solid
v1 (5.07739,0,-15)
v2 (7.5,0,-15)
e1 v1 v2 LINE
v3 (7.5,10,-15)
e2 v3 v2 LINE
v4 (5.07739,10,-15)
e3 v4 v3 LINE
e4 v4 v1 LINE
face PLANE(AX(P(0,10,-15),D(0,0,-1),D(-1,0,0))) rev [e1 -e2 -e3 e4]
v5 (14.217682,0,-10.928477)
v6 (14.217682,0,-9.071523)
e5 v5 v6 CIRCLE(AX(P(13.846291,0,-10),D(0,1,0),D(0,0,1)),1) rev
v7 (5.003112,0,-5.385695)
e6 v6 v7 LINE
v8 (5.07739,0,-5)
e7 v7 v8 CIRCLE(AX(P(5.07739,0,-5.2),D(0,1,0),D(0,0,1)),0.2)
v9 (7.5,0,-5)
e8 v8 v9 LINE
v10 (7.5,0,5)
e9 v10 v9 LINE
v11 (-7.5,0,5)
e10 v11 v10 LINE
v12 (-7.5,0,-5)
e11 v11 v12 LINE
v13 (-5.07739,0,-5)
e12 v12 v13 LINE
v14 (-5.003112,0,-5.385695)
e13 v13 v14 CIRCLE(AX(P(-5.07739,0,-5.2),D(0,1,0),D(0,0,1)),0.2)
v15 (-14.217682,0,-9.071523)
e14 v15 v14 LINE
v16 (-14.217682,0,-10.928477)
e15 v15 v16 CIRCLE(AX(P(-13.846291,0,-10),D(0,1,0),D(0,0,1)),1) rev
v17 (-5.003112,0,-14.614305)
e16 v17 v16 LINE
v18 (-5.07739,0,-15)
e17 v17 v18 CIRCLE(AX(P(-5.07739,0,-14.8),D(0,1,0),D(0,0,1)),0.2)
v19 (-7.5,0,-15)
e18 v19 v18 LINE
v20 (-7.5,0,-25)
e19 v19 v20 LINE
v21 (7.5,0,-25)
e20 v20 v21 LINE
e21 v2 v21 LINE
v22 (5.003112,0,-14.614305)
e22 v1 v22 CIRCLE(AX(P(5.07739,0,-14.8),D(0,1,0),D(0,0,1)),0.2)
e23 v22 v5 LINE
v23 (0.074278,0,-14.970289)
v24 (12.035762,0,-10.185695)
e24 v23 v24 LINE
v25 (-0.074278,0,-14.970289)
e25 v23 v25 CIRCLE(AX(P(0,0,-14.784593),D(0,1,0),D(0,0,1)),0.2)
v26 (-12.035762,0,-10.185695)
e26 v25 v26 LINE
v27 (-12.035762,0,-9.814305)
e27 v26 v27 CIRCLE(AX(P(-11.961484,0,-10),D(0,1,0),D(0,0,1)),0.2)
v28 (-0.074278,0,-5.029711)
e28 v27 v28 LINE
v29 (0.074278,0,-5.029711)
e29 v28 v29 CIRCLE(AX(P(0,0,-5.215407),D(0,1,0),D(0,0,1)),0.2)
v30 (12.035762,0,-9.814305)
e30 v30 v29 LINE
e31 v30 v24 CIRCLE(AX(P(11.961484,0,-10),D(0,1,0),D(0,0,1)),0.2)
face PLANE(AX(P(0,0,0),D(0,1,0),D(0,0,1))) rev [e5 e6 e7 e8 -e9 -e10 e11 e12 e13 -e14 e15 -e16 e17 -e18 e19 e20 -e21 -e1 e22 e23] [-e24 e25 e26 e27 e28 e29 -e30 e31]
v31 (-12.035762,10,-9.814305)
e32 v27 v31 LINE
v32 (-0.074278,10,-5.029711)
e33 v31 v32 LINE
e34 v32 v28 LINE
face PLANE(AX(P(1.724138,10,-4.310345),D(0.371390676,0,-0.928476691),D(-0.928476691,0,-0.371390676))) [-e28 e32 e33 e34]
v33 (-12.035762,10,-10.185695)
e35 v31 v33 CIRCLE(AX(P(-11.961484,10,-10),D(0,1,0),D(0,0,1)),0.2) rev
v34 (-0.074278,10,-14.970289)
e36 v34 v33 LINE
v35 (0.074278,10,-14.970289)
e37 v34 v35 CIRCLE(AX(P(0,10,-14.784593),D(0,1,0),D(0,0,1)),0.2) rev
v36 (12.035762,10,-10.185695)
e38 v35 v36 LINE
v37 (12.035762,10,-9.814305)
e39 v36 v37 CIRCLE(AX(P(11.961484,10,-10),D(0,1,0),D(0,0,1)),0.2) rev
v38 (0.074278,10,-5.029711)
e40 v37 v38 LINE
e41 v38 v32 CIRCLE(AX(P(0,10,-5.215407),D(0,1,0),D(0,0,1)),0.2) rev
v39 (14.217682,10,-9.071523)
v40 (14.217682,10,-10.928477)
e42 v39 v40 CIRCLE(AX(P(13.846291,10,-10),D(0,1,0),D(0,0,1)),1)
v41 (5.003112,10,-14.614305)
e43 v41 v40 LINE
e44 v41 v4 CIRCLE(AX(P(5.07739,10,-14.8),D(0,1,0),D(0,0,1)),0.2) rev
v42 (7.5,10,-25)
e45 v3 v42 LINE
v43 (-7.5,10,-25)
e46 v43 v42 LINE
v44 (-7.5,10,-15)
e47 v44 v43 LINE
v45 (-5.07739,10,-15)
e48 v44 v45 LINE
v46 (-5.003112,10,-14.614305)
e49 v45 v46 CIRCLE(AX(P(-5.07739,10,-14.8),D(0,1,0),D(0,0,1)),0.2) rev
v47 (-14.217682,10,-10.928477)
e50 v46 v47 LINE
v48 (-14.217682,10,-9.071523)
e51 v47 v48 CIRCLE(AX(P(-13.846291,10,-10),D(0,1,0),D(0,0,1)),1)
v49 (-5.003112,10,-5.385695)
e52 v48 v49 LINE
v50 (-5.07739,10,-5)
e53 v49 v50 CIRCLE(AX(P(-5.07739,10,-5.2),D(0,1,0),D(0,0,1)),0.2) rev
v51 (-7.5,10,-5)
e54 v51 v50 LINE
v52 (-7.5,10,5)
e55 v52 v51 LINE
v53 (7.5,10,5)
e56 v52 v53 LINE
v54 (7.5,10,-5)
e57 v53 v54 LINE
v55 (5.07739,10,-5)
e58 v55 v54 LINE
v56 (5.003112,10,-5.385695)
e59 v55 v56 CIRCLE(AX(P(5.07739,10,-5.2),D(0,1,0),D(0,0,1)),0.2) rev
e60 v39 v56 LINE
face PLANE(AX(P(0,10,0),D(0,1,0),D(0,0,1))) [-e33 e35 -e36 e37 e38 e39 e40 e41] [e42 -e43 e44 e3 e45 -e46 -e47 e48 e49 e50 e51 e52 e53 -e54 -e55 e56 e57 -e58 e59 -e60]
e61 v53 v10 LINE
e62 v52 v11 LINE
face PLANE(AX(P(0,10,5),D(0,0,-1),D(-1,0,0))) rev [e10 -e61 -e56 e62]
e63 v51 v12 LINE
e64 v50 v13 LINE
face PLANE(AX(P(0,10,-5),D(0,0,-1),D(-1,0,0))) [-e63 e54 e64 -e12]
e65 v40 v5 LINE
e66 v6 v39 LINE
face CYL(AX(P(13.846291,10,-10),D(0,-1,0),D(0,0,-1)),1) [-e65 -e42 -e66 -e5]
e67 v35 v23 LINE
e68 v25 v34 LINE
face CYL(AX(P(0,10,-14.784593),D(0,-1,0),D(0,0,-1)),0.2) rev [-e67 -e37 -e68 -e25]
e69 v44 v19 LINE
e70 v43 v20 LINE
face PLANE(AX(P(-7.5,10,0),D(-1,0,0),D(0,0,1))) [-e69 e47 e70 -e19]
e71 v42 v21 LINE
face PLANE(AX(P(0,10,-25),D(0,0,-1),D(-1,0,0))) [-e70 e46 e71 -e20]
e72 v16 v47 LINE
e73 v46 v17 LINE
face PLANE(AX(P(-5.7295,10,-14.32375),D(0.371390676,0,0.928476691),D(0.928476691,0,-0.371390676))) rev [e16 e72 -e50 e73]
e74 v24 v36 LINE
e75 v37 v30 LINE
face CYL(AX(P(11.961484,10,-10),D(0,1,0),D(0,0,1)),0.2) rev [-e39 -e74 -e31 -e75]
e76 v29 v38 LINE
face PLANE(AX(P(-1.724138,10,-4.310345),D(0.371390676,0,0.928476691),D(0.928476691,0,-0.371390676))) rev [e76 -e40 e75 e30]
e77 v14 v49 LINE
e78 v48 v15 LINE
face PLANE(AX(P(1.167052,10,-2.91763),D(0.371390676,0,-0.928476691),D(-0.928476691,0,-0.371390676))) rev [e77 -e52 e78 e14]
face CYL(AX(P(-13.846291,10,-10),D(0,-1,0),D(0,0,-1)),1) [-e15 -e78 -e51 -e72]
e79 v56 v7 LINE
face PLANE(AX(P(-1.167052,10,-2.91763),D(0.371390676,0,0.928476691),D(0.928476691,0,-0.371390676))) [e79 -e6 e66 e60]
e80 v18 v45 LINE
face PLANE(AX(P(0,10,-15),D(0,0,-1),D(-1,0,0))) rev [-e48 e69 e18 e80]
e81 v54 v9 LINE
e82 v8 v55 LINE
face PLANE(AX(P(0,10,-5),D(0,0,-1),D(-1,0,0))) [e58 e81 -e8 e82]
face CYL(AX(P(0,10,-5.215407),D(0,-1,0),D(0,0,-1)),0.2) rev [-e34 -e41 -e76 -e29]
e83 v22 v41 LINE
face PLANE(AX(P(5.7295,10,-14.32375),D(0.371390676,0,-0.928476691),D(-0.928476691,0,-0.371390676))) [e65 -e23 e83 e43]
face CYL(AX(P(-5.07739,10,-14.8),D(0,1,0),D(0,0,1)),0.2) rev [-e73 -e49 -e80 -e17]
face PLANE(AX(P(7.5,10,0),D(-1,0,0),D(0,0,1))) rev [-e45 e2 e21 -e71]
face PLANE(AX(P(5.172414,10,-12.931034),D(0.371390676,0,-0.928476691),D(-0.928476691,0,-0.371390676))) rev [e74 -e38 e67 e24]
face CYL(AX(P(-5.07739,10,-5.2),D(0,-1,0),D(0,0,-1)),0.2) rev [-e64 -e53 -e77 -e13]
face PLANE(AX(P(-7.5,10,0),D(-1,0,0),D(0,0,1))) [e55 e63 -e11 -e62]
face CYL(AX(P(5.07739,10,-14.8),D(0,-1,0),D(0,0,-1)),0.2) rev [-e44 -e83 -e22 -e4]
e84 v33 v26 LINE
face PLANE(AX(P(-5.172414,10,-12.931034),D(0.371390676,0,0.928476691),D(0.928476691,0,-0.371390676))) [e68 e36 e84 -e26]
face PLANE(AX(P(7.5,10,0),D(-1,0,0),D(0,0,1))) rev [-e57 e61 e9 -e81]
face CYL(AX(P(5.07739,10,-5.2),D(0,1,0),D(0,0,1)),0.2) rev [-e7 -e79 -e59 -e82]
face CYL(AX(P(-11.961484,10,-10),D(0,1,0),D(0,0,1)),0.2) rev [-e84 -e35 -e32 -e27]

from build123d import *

# Parameters (mm, degrees)
SKETCH1_W             = 15
SKETCH1_H             = 10
BOSS_EXTRUDE2_DEPTH   = 10
BOSS_EXTRUDE2_2_DEPTH = 10
BOSS_EXTRUDE3_DEPTH   = 10
FILLET1_R             = 0.2
FILLET2_R             = 1


with BuildPart() as part:
    # Sketch1 → Boss-Extrude2 (new body)
    with BuildSketch(Plane(origin=(0, 0, 0), x_dir=(1, 0, 0), z_dir=(0, 1, 0))):
        with Locations((0, 20)):
            Rectangle(SKETCH1_W, SKETCH1_H)
    extrude(amount=BOSS_EXTRUDE2_DEPTH)



with BuildPart() as body_2:
    # Sketch1 → Boss-Extrude2 2 (new body)
    with BuildSketch(Plane(origin=(0, 0, 0), x_dir=(1, 0, 0), z_dir=(0, 1, 0))):
        Rectangle(SKETCH1_W, SKETCH1_H)
    extrude(amount=BOSS_EXTRUDE2_2_DEPTH)


with BuildPart() as part_1:
    add(part.part)

    add(body_2.part)  # Boss-Extrude3 merges body 2
    # Sketch1<4> → Boss-Extrude3 (add)
    with BuildSketch(Plane(origin=(0, 0, 0), x_dir=(1, 0, 0), z_dir=(0, 1, 0))):
        Polygon((-12.5, 10), (0, 15), (-4.038873605, 15), (-16.538873605, 10), (-4.038873605, 5), (0, 5), align=None)
    boss_extrude3 = extrude(amount=BOSS_EXTRUDE3_DEPTH)

    # Mirror1: Boss-Extrude3 across plane
    add(boss_extrude3.mirror(Plane.ZY))

    # Fillet1
    fillet1_edges = [part_1.edges().sort_by_distance(p)[0] for p in [
        (-4.038873605, 5, -15),
        (-4.038873605, 5, -5),
        (0, 5, -5),
        (-12.5, 5, -10),
        (0, 5, -15),
        (4.038873605, 5, -15),
        (12.5, 5, -10),
        (4.038873605, 5, -5),
    ]]
    fillet(fillet1_edges, radius=FILLET1_R)

    # Fillet2
    fillet2_edges = [part_1.edges().sort_by_distance(p)[0] for p in [
        (-16.538873605, 5, -10),
        (16.538873605, 5, -10),
    ]]
    fillet(fillet2_edges, radius=FILLET2_R)


solid = part_1.part
